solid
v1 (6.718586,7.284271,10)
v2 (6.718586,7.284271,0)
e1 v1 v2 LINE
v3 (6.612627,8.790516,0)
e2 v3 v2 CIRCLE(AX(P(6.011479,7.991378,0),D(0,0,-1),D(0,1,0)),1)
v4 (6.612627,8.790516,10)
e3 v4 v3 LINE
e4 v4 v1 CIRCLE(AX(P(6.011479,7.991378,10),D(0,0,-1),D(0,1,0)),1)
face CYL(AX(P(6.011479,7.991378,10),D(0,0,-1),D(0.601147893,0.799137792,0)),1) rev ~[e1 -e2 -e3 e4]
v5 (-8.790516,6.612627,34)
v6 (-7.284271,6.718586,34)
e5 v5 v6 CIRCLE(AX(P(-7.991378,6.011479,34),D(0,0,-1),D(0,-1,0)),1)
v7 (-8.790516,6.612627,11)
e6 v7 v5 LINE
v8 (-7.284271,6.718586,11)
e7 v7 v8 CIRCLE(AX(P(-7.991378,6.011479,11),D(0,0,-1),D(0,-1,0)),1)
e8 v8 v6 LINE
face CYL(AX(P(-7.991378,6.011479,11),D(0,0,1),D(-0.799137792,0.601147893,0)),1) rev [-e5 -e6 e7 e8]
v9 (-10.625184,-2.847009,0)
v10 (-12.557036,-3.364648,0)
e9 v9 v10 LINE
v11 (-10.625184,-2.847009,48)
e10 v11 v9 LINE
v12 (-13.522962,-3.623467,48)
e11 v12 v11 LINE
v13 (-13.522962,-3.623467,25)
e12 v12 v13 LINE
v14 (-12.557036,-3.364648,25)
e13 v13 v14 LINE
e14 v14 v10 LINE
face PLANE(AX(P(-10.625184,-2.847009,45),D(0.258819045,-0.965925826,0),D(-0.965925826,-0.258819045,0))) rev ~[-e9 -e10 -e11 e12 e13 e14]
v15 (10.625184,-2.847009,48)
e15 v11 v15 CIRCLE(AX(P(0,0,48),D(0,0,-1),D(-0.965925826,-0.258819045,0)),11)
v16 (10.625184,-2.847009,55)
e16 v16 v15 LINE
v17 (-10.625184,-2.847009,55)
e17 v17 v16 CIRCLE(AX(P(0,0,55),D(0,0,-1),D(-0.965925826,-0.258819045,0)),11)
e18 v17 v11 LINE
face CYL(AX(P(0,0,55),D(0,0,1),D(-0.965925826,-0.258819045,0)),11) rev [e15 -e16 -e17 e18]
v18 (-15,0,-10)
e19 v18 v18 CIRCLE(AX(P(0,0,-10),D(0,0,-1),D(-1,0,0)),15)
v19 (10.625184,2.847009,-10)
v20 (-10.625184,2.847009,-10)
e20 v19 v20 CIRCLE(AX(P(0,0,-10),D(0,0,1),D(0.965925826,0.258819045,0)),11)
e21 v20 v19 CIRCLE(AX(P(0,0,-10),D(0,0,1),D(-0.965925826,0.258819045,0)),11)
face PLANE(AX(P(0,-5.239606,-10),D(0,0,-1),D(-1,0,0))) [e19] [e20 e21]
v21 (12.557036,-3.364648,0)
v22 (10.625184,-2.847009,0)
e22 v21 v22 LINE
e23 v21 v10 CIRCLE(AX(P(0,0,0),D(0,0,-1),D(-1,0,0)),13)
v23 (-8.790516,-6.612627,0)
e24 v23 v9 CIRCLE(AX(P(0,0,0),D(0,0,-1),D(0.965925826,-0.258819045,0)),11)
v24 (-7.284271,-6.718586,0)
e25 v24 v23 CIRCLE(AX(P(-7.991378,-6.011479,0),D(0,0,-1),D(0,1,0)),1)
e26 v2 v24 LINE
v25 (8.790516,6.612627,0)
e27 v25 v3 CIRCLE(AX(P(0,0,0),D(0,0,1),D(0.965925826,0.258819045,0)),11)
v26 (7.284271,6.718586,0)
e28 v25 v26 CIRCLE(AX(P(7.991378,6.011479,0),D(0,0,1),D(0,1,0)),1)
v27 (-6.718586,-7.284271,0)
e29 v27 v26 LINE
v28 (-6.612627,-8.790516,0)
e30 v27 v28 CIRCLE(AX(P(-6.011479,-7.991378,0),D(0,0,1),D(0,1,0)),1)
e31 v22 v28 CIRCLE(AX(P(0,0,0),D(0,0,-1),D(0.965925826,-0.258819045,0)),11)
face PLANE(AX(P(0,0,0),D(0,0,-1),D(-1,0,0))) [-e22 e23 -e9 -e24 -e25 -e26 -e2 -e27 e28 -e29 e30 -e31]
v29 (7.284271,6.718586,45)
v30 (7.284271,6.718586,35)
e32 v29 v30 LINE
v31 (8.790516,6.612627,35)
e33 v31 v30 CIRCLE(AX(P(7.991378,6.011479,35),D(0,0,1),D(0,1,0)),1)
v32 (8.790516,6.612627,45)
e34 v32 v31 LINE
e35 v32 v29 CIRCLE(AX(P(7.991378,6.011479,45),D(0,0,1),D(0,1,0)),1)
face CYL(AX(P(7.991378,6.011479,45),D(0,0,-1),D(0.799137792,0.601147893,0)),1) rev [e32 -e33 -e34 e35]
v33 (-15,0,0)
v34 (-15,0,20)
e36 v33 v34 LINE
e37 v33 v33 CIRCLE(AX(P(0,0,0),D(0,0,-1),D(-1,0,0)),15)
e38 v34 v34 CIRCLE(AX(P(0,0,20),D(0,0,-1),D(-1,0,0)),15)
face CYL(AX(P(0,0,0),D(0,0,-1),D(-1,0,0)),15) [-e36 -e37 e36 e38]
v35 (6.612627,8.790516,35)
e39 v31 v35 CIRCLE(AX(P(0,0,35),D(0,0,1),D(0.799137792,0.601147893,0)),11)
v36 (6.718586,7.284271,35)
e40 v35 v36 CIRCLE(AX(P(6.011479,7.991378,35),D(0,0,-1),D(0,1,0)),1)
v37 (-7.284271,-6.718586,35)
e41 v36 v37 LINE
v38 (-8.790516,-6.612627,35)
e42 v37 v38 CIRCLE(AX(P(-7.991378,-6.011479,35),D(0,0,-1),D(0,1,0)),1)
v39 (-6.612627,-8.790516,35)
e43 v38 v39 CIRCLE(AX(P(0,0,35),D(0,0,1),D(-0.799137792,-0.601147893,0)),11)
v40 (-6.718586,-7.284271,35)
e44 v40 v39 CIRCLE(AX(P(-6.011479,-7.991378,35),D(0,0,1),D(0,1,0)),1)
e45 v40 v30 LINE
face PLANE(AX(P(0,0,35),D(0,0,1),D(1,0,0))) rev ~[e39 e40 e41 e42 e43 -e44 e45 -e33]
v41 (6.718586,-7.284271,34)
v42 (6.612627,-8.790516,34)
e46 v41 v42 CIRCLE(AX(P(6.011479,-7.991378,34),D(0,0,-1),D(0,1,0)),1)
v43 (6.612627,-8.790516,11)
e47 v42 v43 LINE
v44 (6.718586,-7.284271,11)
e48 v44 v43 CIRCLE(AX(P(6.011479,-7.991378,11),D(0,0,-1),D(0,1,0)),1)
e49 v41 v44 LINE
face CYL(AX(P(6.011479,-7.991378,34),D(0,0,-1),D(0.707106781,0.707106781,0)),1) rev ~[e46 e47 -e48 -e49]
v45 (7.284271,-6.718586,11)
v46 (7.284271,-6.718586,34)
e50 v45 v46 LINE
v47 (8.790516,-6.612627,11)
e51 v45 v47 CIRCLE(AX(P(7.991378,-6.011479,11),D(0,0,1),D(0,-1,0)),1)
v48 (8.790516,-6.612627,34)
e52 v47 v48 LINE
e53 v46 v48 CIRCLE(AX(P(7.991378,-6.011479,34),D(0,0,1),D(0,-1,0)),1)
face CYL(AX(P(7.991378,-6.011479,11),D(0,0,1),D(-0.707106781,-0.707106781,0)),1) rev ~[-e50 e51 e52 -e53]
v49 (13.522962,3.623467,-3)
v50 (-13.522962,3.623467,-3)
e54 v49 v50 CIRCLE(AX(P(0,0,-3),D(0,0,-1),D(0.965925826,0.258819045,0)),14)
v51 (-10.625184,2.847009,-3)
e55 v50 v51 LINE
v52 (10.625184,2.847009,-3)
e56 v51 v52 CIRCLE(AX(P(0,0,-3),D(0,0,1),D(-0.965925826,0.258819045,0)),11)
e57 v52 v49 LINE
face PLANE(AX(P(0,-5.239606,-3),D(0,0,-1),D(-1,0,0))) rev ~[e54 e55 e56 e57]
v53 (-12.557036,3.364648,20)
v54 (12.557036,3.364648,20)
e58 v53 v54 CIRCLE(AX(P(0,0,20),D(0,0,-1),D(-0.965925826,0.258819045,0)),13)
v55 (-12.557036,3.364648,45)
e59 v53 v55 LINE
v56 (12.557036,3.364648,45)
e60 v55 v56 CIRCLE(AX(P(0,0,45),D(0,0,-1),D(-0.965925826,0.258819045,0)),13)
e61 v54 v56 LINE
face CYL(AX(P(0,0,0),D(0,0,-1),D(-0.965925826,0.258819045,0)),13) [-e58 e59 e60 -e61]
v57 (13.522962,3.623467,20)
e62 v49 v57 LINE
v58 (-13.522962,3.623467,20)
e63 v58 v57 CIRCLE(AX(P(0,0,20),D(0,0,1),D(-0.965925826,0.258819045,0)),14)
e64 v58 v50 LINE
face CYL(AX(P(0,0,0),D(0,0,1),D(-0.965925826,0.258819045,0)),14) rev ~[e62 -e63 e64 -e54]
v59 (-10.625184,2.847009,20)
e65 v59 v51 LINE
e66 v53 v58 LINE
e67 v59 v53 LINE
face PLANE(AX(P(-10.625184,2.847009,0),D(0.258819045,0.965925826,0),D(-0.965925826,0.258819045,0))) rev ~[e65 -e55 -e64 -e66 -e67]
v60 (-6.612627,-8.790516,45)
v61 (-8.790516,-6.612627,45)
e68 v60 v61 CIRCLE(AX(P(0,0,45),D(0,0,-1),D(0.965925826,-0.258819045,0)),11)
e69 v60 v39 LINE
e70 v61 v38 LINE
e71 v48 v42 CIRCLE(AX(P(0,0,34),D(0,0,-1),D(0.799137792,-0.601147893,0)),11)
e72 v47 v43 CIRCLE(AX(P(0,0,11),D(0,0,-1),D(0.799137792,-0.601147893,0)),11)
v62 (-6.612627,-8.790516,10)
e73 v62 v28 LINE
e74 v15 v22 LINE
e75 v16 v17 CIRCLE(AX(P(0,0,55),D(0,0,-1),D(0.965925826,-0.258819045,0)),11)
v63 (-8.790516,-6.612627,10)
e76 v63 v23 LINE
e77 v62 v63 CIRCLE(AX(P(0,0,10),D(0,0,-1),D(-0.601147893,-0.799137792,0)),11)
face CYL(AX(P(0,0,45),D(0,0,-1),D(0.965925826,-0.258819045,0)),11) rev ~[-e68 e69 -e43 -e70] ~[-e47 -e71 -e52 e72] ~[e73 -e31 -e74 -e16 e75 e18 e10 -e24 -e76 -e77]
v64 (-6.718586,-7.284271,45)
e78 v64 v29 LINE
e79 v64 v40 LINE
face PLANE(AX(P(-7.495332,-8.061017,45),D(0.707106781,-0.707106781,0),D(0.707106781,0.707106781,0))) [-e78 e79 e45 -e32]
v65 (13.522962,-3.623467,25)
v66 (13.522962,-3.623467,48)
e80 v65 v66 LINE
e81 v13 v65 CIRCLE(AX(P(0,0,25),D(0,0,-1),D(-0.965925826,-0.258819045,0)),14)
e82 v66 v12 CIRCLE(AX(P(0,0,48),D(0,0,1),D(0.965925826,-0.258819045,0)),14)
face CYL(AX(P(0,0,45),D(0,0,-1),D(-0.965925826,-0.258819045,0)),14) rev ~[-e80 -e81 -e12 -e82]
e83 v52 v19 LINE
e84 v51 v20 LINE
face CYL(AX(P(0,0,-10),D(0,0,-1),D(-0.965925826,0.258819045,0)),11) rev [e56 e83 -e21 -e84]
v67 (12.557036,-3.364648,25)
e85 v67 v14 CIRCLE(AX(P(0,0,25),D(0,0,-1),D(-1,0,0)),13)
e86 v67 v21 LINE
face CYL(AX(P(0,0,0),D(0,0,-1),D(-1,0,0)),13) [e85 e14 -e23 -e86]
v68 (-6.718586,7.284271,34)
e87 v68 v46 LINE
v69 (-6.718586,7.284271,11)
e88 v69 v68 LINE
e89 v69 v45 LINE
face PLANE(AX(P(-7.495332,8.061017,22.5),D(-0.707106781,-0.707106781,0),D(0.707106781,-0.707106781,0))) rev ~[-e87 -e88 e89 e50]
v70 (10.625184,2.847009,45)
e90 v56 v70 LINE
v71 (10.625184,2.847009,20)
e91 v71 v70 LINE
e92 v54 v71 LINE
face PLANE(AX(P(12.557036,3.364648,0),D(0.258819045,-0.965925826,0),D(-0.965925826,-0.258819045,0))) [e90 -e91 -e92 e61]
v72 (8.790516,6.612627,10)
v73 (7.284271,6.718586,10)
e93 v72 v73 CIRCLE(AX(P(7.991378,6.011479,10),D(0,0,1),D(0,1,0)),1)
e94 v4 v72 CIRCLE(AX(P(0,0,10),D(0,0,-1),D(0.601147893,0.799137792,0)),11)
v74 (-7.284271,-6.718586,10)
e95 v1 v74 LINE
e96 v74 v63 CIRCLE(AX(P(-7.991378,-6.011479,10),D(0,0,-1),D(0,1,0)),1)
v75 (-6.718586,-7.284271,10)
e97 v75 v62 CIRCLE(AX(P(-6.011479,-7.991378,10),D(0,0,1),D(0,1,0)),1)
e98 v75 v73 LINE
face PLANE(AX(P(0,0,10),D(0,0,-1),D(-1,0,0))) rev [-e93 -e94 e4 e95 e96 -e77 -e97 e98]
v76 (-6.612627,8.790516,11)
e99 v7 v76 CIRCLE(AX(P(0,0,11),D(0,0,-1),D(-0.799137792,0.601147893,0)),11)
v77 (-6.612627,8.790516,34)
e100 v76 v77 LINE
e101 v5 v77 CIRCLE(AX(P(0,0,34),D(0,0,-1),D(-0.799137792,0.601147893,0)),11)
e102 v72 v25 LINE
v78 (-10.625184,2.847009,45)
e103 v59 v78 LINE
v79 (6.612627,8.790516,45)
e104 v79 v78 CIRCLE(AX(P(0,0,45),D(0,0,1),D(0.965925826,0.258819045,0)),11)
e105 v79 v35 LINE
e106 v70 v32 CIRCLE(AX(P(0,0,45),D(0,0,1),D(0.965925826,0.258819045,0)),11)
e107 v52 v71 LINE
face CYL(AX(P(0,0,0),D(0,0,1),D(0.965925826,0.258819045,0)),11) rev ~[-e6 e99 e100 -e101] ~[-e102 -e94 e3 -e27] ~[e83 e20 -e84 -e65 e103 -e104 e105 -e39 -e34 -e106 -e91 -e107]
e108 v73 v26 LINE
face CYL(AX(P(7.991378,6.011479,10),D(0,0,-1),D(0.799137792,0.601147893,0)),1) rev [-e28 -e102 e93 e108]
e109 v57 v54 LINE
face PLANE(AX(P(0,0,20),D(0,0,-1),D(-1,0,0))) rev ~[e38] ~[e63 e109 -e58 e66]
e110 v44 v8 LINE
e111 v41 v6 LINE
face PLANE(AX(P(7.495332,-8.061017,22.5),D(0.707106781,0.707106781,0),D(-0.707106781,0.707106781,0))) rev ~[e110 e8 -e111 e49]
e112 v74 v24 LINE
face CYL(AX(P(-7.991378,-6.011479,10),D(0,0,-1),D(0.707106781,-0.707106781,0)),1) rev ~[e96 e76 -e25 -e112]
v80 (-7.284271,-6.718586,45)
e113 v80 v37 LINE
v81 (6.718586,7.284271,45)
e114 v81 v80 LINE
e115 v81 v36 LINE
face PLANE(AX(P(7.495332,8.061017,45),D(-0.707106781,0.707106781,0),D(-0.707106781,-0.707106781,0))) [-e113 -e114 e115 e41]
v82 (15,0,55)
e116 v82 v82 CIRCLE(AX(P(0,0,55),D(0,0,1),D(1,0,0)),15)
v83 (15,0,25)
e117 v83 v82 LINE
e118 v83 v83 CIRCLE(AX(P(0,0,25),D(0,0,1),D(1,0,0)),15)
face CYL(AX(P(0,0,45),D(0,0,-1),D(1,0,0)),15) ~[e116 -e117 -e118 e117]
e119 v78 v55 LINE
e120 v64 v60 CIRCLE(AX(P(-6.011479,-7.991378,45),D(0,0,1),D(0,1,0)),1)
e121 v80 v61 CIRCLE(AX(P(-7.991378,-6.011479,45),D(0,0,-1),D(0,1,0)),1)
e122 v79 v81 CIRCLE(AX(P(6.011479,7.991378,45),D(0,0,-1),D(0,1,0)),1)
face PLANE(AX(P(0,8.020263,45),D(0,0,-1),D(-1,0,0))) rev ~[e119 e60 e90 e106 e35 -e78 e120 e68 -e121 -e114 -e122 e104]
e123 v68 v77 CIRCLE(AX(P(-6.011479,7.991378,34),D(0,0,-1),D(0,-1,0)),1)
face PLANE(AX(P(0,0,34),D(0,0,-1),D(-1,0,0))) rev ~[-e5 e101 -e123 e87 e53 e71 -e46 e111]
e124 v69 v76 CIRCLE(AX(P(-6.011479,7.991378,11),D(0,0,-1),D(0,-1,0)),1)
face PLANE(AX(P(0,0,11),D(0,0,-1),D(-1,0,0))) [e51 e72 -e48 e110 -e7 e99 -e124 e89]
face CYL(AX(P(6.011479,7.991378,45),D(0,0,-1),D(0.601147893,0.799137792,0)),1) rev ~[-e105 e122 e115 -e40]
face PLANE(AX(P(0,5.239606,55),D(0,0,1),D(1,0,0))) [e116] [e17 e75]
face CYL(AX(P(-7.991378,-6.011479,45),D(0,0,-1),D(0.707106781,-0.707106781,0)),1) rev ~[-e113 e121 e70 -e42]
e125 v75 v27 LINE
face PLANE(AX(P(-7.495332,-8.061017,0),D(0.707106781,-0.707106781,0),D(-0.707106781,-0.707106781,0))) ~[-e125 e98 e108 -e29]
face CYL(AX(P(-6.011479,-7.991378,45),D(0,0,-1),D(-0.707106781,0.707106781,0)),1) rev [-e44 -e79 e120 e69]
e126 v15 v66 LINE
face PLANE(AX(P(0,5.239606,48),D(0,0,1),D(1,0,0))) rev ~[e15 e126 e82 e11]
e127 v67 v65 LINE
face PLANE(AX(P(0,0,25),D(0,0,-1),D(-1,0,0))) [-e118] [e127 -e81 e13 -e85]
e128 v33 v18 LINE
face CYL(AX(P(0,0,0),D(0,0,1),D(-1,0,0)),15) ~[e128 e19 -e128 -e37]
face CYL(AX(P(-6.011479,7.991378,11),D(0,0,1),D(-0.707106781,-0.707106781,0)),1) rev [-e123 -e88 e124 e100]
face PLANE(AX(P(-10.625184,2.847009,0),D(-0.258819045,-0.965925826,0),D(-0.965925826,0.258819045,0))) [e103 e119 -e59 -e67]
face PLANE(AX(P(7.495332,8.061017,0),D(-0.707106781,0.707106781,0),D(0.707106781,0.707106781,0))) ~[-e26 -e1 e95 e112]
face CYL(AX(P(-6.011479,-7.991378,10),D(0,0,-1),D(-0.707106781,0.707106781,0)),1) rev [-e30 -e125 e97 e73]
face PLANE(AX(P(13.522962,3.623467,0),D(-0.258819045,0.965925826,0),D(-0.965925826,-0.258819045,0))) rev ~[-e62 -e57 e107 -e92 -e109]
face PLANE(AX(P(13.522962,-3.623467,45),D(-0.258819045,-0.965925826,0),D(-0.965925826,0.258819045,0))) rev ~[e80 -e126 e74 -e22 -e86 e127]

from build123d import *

# Parameters (mm, degrees)
SKETCH1_R                = 15
BOSS_EXTRUDE1_DEPTH      = 45
SKETCH2_R                = 15
SKETCH2_R_2              = 13
CUT_EXTRUDE1_DEPTH       = 25
BOSS_EXTRUDE4_DEPTH      = 10
SKETCH6_R                = 15
BOSS_EXTRUDE5_DEPTH      = 20
BOSS_EXTRUDE6_DEPTH      = 45
BOSS_EXTRUDE7_DEPTH      = 11.5
BOSS_EXTRUDE7_DEPTH_BACK = 11.5
FILLET1_R                = 1
SKETCH9_R                = 15
BOSS_EXTRUDE8_DEPTH      = 10
BOSS_EXTRUDE9_DEPTH      = 7
SKETCH11_R               = 15
BOSS_EXTRUDE10_DEPTH     = 10
BOSS_EXTRUDE11_DEPTH     = 7


with BuildPart() as part:
    # Sketch1 → Boss-Extrude1 (new body)
    with BuildSketch(Plane.XY):
        Circle(SKETCH1_R)
        with BuildLine():
            Line((-10.625184089, -2.847009496), (-13.522961568, -3.623466631))
            ThreePointArc((-13.522961568, -3.623466631), (0, 14), (13.522961568, -3.623466631))
            Line((13.522961568, -3.623466631), (10.625184089, -2.847009496))
            ThreePointArc((10.625184089, -2.847009496), (0, -11), (-10.625184089, -2.847009496))
        make_face(mode=Mode.SUBTRACT)
    extrude(amount=BOSS_EXTRUDE1_DEPTH)

    # Sketch2 → Cut-Extrude1 (cut)
    with BuildSketch(Plane(origin=(0, 0, 0), x_dir=(-1, 0, 0), z_dir=(0, 0, -1))):
        Circle(SKETCH2_R)
        Circle(SKETCH2_R_2, mode=Mode.SUBTRACT)
    extrude(amount=-CUT_EXTRUDE1_DEPTH, mode=Mode.SUBTRACT)

    # Sketch5 → Boss-Extrude4 (add)
    with BuildSketch(Plane.XY.offset(45)):
        Polygon((-7.495331881, -8.061017306), (8.061017306, 7.495331881), (7.495331881, 8.061017306), (-8.061017306, -7.495331881), align=None)
    boss_extrude4 = extrude(amount=-BOSS_EXTRUDE4_DEPTH)

    # Mirror1: Boss-Extrude4 across plane
    add(boss_extrude4.mirror(Plane.XY.offset(22.5)))

    # Sketch6 → Boss-Extrude5 (add)
    with BuildSketch(Plane(origin=(0, 0, 0), x_dir=(-1, 0, 0), z_dir=(0, 0, -1))):
        Circle(SKETCH6_R)
        with BuildLine():
            Line((10.625184089, 2.847009496), (13.522961568, 3.623466631))
            ThreePointArc((13.522961568, 3.623466631), (0, -14), (-13.522961568, 3.623466631))
            Line((-13.522961568, 3.623466631), (-10.625184089, 2.847009496))
            ThreePointArc((-10.625184089, 2.847009496), (0, 11), (10.625184089, 2.847009496))
        make_face(mode=Mode.SUBTRACT)
    extrude(amount=-BOSS_EXTRUDE5_DEPTH)

    # Sketch7 → Boss-Extrude6 (add)
    with BuildSketch(Plane(origin=(0, 0, 0), x_dir=(-1, 0, 0), z_dir=(0, 0, -1))):
        with BuildLine():
            Line((-12.557035742, 3.364647586), (-10.625184089, 2.847009496))
            ThreePointArc((-10.625184089, 2.847009496), (0, 11), (10.625184089, 2.847009496))
            Line((10.625184089, 2.847009496), (12.557035742, 3.364647586))
            ThreePointArc((12.557035742, 3.364647586), (0, 13), (-12.557035742, 3.364647586))
        make_face()
    extrude(amount=-BOSS_EXTRUDE6_DEPTH)

    # Sketch8 → Boss-Extrude7 (add, two sides)
    with BuildSketch(Plane.XY.offset(22.5)) as boss_extrude7_sk:
        Polygon((8.061017306, -7.495331881), (7.495331881, -8.061017306), (-8.061017306, 7.495331881), (-7.495331881, 8.061017306), align=None)
    extrude(amount=BOSS_EXTRUDE7_DEPTH)
    extrude(boss_extrude7_sk.sketch, amount=-BOSS_EXTRUDE7_DEPTH_BACK)

    # Fillet1
    fillet1_edges = [part.edges().sort_by_distance(p)[0] for p in [
        (7.490187585, 8.05587301, 40),
        (8.05587301, 7.490187585, 40),
        (-8.05587301, 7.490187585, 22.5),
        (-7.490187585, 8.05587301, 22.5),
        (8.05587301, -7.490187585, 22.5),
        (7.490187585, -8.05587301, 22.5),
        (-7.490187585, -8.05587301, 40),
        (-8.05587301, -7.490187585, 40),
        (-8.05587301, -7.490187585, 5),
        (-7.490187585, -8.05587301, 5),
        (8.05587301, 7.490187585, 5),
        (7.490187585, 8.05587301, 5),
    ]]
    fillet(fillet1_edges, radius=FILLET1_R)

    # Sketch9 → Boss-Extrude8 (add)
    with BuildSketch(Plane.XY.offset(45)):
        Circle(SKETCH9_R)
        with BuildLine():
            Line((13.522961568, -3.623466631), (10.625184089, -2.847009496))
            ThreePointArc((10.625184089, -2.847009496), (0, -11), (-10.625184089, -2.847009496))
            Line((-10.625184089, -2.847009496), (-13.522961568, -3.623466631))
            ThreePointArc((-13.522961568, -3.623466631), (0, 14), (13.522961568, -3.623466631))
        make_face(mode=Mode.SUBTRACT)
    extrude(amount=BOSS_EXTRUDE8_DEPTH)

    # Sketch10 → Boss-Extrude9 (add)
    with BuildSketch(Plane.XY.offset(55)):
        with BuildLine():
            Line((-13.522961568, -3.623466631), (-10.625184089, -2.847009496))
            ThreePointArc((-10.625184089, -2.847009496), (0, 11), (10.625184089, -2.847009496))
            Line((10.625184089, -2.847009496), (13.522961568, -3.623466631))
            ThreePointArc((13.522961568, -3.623466631), (0, 14), (-13.522961568, -3.623466631))
        make_face()
    extrude(amount=-BOSS_EXTRUDE9_DEPTH)

    # Sketch11 → Boss-Extrude10 (add)
    with BuildSketch(Plane(origin=(0, 0, 0), x_dir=(-1, 0, 0), z_dir=(0, 0, -1))):
        Circle(SKETCH11_R)
        with BuildLine():
            Line((10.625184089, 2.847009496), (13.522961568, 3.623466631))
            ThreePointArc((13.522961568, 3.623466631), (0, -14), (-13.522961568, 3.623466631))
            Line((-13.522961568, 3.623466631), (-10.625184089, 2.847009496))
            ThreePointArc((-10.625184089, 2.847009496), (0, 11), (10.625184089, 2.847009496))
        make_face(mode=Mode.SUBTRACT)
    extrude(amount=BOSS_EXTRUDE10_DEPTH)

    # Sketch12 → Boss-Extrude11 (add)
    with BuildSketch(Plane(origin=(0, 0, -10), x_dir=(-1, 0, 0), z_dir=(0, 0, -1))):
        with BuildLine():
            Line((13.522961568, 3.623466631), (10.625184089, 2.847009496))
            ThreePointArc((10.625184089, 2.847009496), (0, -11), (-10.625184089, 2.847009496))
            Line((-10.625184089, 2.847009496), (-13.522961568, 3.623466631))
            ThreePointArc((-13.522961568, 3.623466631), (0, -14), (13.522961568, 3.623466631))
        make_face()
    extrude(amount=-BOSS_EXTRUDE11_DEPTH)


solid = part.part
